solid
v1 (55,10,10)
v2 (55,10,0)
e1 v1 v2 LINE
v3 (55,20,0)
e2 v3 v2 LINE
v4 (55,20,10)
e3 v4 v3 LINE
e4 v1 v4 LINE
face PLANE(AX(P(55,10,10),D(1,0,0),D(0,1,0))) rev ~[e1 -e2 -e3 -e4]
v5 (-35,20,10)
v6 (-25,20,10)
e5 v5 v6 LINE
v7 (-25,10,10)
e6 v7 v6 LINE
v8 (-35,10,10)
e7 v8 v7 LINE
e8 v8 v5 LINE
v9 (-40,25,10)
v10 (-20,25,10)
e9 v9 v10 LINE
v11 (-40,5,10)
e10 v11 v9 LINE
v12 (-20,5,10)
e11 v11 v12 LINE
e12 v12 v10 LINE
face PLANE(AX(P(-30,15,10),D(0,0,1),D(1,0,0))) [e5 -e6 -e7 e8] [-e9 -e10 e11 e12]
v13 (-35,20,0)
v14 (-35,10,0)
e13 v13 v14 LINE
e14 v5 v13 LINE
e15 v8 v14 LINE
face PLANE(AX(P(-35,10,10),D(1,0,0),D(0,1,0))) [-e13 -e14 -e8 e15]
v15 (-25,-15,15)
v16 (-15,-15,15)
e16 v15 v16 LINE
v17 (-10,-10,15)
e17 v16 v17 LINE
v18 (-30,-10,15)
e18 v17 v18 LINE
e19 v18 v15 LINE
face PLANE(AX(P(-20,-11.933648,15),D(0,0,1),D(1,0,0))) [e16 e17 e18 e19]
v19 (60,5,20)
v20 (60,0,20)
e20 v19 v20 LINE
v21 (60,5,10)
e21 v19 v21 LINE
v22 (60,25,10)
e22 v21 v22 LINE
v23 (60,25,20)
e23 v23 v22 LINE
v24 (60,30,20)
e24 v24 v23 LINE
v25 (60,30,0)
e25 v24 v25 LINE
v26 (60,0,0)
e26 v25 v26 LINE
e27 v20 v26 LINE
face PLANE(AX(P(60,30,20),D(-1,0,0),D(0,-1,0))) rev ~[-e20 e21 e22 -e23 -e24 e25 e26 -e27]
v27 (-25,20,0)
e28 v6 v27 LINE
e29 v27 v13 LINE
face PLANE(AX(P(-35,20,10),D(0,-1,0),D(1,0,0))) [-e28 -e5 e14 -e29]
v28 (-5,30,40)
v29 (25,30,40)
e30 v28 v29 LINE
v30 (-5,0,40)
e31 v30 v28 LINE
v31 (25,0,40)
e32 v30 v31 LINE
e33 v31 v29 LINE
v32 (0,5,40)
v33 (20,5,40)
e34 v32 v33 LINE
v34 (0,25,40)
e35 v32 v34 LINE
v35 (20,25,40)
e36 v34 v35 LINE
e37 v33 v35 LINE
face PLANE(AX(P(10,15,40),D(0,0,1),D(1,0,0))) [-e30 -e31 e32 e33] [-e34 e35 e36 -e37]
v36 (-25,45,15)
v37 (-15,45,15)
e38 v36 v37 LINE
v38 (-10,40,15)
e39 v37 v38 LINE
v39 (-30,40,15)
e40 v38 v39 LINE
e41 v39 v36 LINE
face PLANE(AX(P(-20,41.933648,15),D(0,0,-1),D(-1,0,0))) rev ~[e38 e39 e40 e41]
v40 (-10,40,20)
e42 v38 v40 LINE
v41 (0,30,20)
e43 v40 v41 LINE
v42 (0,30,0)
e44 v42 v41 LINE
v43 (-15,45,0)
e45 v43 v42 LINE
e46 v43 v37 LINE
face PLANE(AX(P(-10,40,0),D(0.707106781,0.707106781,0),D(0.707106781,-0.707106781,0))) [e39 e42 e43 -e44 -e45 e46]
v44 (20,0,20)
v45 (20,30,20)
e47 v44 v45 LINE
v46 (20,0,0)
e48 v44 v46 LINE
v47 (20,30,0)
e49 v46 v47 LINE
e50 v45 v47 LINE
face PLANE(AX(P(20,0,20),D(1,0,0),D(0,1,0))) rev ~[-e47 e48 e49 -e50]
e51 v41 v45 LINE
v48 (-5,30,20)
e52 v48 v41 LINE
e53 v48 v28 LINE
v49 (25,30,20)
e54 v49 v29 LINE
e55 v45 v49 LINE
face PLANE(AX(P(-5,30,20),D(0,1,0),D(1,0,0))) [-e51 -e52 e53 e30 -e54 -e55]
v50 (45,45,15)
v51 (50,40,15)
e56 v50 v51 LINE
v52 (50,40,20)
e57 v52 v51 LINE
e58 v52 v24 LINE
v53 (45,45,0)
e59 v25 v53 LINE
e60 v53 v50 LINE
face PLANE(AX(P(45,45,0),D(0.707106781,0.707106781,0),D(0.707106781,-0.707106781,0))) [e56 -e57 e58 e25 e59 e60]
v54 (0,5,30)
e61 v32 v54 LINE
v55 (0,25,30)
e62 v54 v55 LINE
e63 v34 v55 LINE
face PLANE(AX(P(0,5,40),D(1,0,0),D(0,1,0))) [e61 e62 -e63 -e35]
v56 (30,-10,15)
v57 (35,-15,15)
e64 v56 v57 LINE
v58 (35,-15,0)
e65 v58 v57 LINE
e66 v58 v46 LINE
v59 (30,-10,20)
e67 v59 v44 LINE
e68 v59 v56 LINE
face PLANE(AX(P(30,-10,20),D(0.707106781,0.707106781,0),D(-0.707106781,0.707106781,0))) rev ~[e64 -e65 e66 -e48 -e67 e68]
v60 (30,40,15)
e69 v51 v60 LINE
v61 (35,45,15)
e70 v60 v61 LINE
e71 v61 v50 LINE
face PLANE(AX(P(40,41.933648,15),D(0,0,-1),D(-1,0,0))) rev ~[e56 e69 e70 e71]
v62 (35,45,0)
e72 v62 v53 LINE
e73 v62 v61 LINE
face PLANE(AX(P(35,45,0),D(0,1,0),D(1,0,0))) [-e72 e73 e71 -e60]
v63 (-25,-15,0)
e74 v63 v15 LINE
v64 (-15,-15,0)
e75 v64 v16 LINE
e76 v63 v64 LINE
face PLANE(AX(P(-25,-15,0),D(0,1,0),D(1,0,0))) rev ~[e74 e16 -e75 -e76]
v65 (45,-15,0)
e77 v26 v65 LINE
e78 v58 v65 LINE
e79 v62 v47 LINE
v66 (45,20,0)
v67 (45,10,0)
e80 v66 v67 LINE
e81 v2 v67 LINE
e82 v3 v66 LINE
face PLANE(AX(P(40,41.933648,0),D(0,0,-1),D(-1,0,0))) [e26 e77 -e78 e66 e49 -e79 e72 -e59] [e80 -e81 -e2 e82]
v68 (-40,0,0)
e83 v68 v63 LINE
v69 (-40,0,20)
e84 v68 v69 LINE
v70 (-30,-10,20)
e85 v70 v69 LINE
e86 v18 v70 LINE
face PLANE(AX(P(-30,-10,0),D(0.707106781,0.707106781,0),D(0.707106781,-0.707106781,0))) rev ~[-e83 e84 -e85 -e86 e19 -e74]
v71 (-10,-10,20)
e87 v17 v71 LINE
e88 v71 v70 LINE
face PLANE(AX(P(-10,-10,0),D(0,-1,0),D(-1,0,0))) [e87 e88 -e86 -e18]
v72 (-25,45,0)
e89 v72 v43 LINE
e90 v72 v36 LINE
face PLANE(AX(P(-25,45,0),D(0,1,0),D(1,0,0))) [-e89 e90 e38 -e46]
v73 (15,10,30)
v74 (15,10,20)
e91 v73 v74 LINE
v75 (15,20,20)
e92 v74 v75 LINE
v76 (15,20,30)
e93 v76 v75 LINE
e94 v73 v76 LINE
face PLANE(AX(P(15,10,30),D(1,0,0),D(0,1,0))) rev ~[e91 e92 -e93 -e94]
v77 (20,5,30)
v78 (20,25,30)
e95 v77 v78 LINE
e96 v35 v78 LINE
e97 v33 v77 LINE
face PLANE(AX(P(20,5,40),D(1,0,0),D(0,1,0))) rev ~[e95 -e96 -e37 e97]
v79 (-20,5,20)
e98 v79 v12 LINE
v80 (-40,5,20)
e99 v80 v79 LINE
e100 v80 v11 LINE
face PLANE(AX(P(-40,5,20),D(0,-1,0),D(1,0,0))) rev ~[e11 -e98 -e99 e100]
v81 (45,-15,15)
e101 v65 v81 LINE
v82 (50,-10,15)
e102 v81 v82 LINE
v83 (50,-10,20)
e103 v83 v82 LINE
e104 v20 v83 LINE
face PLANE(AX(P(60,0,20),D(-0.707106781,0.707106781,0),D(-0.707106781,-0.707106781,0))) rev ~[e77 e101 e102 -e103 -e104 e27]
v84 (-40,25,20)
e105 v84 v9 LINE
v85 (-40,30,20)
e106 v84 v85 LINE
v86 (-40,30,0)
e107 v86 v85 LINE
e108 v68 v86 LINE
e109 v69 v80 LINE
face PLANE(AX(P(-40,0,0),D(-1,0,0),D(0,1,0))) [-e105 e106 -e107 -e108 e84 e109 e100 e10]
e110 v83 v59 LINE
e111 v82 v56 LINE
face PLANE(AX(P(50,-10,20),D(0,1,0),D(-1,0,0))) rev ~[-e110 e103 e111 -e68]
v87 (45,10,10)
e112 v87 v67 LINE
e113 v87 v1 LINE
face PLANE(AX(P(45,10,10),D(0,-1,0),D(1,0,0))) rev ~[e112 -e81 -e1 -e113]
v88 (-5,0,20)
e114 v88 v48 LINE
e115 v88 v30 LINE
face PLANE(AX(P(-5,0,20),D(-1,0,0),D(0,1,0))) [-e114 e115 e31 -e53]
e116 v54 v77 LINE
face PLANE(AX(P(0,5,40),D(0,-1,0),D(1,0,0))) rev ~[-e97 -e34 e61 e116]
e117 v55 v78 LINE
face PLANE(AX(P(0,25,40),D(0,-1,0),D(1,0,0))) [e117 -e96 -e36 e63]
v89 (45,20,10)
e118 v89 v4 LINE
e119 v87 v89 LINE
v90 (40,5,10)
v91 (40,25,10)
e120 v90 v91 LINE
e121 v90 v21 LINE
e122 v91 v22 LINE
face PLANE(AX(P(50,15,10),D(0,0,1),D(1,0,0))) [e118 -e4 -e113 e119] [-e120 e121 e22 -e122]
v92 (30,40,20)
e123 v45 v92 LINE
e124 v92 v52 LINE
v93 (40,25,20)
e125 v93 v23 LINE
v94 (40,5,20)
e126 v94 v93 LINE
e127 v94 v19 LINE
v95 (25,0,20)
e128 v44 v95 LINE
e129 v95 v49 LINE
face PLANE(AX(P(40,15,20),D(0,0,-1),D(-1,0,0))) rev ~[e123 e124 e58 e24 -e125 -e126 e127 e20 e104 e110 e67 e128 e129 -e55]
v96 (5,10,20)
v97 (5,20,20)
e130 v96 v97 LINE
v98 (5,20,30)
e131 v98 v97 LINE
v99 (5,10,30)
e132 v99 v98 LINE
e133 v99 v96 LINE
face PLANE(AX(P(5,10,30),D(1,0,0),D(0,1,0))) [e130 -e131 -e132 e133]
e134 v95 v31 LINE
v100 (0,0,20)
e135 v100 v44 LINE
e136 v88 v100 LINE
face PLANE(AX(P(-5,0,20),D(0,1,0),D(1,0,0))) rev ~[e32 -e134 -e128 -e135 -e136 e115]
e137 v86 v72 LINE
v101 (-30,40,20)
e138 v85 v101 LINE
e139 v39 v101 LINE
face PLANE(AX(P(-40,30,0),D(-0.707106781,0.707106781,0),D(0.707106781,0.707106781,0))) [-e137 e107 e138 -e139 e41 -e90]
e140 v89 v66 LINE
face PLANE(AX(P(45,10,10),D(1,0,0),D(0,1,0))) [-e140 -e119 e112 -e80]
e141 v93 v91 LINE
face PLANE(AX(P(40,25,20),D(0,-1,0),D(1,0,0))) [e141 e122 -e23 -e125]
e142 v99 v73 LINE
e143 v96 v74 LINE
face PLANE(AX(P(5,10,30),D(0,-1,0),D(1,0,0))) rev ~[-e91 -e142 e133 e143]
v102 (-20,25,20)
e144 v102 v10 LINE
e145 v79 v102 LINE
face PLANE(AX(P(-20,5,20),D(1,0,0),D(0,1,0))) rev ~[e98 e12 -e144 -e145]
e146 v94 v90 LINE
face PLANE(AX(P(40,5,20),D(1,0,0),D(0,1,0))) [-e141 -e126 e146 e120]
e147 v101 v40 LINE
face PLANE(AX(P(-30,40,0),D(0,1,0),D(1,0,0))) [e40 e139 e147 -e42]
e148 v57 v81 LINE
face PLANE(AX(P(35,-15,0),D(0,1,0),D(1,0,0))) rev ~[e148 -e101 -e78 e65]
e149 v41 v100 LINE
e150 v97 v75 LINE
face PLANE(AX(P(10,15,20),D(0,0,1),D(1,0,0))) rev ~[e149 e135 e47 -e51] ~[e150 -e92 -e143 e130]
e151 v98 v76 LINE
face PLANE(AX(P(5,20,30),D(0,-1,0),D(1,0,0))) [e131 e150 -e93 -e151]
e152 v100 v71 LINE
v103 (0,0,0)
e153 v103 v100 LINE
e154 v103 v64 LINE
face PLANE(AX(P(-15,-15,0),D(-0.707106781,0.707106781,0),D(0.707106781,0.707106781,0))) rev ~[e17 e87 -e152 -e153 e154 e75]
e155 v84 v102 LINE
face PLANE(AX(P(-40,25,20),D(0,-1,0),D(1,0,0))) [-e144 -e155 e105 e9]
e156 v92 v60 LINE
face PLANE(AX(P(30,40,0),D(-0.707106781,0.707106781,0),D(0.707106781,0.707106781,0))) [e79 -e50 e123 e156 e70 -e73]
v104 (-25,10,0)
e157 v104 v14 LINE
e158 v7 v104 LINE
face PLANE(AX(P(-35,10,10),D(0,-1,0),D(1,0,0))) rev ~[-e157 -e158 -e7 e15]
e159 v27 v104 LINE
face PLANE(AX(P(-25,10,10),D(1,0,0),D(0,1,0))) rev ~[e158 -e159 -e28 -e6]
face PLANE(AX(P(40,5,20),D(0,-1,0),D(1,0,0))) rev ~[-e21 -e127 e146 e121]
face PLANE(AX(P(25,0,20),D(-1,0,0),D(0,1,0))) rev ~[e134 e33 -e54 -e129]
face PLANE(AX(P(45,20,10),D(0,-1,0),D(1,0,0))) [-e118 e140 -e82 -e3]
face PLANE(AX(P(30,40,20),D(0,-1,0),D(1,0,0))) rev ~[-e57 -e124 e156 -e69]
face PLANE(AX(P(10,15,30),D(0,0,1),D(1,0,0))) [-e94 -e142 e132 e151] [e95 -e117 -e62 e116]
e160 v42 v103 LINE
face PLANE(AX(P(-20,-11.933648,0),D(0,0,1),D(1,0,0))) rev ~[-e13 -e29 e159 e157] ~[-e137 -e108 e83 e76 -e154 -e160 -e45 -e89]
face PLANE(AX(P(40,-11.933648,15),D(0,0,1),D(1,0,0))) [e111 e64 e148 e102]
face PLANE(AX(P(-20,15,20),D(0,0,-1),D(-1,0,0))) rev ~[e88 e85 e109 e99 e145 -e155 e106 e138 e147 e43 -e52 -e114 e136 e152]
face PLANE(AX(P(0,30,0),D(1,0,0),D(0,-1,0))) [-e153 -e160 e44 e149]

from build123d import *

# Parameters (mm, degrees)
BOSS_EXTRUDE1_DEPTH = 20
SKETCH2_W           = 20
SKETCH2_H           = 20
CUT_EXTRUDE1_DEPTH  = 10
SKETCH3_W           = 10
SKETCH3_H           = 10
CUT_EXTRUDE2_DEPTH  = 194
BOSS_EXTRUDE3_DEPTH = 15
SKETCH6_W           = 30
SKETCH6_H           = 30
BOSS_EXTRUDE4_DEPTH = 20
SKETCH7_W           = 20
SKETCH7_H           = 20
CUT_EXTRUDE3_DEPTH  = 10
SKETCH8_W           = 10
SKETCH8_H           = 10
CUT_EXTRUDE4_DEPTH  = 41
BOSS_EXTRUDE7_DEPTH = 20
BOSS_EXTRUDE8_DEPTH = 15
SKETCH12_W          = 20
SKETCH12_H          = 20
CUT_EXTRUDE5_DEPTH  = 10
SKETCH13_W          = 10
SKETCH13_H          = 10
CUT_EXTRUDE6_DEPTH  = 31


with BuildPart() as part:
    # Sketch1 → Boss-Extrude1 (new body)
    with BuildSketch(Plane.XY):
        Polygon((-40, 0), (-40, 30), (-30, 40), (-10, 40), (0, 30), (0, 0), (-10, -10), (-30, -10), align=None)
    extrude(amount=BOSS_EXTRUDE1_DEPTH)

    # Sketch2 → Cut-Extrude1 (cut)
    with BuildSketch(Plane.XY.offset(20)):
        with Locations((-30, 15)):
            Rectangle(SKETCH2_W, SKETCH2_H)
    extrude(amount=-CUT_EXTRUDE1_DEPTH, mode=Mode.SUBTRACT)

    # Sketch3 → Cut-Extrude2 (cut)
    with BuildSketch(Plane.XY.offset(10)):
        with Locations((-30, 15)):
            Rectangle(SKETCH3_W, SKETCH3_H)
    extrude(amount=-CUT_EXTRUDE2_DEPTH, mode=Mode.SUBTRACT)

    # Sketch5 → Boss-Extrude3 (add)
    with BuildSketch(Plane(origin=(0, 0, 0), x_dir=(-1, 0, 0), z_dir=(0, 0, -1))):
        Polygon((30, -10), (25, -15), (15, -15), (10, -10), align=None)
        Polygon((30, 40), (25, 45), (15, 45), (10, 40), align=None)
    extrude(amount=-BOSS_EXTRUDE3_DEPTH)

    # Sketch6 → Boss-Extrude4 (add)
    with BuildSketch(Plane.XY.offset(20)):
        with Locations((10, 15)):
            Rectangle(SKETCH6_W, SKETCH6_H)
    extrude(amount=BOSS_EXTRUDE4_DEPTH)

    # Sketch7 → Cut-Extrude3 (cut)
    with BuildSketch(Plane.XY.offset(40)):
        with Locations((10, 15)):
            Rectangle(SKETCH7_W, SKETCH7_H)
    extrude(amount=-CUT_EXTRUDE3_DEPTH, mode=Mode.SUBTRACT)

    # Sketch8 → Cut-Extrude4 (cut)
    with BuildSketch(Plane.XY.offset(30)):
        with Locations((10, 15)):
            Rectangle(SKETCH8_W, SKETCH8_H)
    extrude(amount=-CUT_EXTRUDE4_DEPTH, mode=Mode.SUBTRACT)

    # Sketch10 → Boss-Extrude7 (add)
    with BuildSketch(Plane(origin=(0, 0, 20), x_dir=(-1, 0, 0), z_dir=(0, 0, -1))):
        Polygon((-20, 30), (-30, 40), (-50, 40), (-60, 30), (-60, 0), (-50, -10), (-30, -10), (-20, 0), align=None)
    extrude(amount=BOSS_EXTRUDE7_DEPTH)

    # Sketch11 → Boss-Extrude8 (add)
    with BuildSketch(Plane(origin=(0, 0, 0), x_dir=(-1, 0, 0), z_dir=(0, 0, -1))):
        Polygon((-35, 45), (-45, 45), (-50, 40), (-30, 40), align=None)
        Polygon((-50, -10), (-30, -10), (-35, -15), (-45, -15), align=None)
    extrude(amount=-BOSS_EXTRUDE8_DEPTH)

    # Sketch12 → Cut-Extrude5 (cut)
    with BuildSketch(Plane.XY.offset(20)):
        with Locations((50, 15)):
            Rectangle(SKETCH12_W, SKETCH12_H)
    extrude(amount=-CUT_EXTRUDE5_DEPTH, mode=Mode.SUBTRACT)

    # Sketch13 → Cut-Extrude6 (cut)
    with BuildSketch(Plane.XY.offset(10)):
        with Locations((50, 15)):
            Rectangle(SKETCH13_W, SKETCH13_H)
    extrude(amount=-CUT_EXTRUDE6_DEPTH, mode=Mode.SUBTRACT)


solid = part.part
